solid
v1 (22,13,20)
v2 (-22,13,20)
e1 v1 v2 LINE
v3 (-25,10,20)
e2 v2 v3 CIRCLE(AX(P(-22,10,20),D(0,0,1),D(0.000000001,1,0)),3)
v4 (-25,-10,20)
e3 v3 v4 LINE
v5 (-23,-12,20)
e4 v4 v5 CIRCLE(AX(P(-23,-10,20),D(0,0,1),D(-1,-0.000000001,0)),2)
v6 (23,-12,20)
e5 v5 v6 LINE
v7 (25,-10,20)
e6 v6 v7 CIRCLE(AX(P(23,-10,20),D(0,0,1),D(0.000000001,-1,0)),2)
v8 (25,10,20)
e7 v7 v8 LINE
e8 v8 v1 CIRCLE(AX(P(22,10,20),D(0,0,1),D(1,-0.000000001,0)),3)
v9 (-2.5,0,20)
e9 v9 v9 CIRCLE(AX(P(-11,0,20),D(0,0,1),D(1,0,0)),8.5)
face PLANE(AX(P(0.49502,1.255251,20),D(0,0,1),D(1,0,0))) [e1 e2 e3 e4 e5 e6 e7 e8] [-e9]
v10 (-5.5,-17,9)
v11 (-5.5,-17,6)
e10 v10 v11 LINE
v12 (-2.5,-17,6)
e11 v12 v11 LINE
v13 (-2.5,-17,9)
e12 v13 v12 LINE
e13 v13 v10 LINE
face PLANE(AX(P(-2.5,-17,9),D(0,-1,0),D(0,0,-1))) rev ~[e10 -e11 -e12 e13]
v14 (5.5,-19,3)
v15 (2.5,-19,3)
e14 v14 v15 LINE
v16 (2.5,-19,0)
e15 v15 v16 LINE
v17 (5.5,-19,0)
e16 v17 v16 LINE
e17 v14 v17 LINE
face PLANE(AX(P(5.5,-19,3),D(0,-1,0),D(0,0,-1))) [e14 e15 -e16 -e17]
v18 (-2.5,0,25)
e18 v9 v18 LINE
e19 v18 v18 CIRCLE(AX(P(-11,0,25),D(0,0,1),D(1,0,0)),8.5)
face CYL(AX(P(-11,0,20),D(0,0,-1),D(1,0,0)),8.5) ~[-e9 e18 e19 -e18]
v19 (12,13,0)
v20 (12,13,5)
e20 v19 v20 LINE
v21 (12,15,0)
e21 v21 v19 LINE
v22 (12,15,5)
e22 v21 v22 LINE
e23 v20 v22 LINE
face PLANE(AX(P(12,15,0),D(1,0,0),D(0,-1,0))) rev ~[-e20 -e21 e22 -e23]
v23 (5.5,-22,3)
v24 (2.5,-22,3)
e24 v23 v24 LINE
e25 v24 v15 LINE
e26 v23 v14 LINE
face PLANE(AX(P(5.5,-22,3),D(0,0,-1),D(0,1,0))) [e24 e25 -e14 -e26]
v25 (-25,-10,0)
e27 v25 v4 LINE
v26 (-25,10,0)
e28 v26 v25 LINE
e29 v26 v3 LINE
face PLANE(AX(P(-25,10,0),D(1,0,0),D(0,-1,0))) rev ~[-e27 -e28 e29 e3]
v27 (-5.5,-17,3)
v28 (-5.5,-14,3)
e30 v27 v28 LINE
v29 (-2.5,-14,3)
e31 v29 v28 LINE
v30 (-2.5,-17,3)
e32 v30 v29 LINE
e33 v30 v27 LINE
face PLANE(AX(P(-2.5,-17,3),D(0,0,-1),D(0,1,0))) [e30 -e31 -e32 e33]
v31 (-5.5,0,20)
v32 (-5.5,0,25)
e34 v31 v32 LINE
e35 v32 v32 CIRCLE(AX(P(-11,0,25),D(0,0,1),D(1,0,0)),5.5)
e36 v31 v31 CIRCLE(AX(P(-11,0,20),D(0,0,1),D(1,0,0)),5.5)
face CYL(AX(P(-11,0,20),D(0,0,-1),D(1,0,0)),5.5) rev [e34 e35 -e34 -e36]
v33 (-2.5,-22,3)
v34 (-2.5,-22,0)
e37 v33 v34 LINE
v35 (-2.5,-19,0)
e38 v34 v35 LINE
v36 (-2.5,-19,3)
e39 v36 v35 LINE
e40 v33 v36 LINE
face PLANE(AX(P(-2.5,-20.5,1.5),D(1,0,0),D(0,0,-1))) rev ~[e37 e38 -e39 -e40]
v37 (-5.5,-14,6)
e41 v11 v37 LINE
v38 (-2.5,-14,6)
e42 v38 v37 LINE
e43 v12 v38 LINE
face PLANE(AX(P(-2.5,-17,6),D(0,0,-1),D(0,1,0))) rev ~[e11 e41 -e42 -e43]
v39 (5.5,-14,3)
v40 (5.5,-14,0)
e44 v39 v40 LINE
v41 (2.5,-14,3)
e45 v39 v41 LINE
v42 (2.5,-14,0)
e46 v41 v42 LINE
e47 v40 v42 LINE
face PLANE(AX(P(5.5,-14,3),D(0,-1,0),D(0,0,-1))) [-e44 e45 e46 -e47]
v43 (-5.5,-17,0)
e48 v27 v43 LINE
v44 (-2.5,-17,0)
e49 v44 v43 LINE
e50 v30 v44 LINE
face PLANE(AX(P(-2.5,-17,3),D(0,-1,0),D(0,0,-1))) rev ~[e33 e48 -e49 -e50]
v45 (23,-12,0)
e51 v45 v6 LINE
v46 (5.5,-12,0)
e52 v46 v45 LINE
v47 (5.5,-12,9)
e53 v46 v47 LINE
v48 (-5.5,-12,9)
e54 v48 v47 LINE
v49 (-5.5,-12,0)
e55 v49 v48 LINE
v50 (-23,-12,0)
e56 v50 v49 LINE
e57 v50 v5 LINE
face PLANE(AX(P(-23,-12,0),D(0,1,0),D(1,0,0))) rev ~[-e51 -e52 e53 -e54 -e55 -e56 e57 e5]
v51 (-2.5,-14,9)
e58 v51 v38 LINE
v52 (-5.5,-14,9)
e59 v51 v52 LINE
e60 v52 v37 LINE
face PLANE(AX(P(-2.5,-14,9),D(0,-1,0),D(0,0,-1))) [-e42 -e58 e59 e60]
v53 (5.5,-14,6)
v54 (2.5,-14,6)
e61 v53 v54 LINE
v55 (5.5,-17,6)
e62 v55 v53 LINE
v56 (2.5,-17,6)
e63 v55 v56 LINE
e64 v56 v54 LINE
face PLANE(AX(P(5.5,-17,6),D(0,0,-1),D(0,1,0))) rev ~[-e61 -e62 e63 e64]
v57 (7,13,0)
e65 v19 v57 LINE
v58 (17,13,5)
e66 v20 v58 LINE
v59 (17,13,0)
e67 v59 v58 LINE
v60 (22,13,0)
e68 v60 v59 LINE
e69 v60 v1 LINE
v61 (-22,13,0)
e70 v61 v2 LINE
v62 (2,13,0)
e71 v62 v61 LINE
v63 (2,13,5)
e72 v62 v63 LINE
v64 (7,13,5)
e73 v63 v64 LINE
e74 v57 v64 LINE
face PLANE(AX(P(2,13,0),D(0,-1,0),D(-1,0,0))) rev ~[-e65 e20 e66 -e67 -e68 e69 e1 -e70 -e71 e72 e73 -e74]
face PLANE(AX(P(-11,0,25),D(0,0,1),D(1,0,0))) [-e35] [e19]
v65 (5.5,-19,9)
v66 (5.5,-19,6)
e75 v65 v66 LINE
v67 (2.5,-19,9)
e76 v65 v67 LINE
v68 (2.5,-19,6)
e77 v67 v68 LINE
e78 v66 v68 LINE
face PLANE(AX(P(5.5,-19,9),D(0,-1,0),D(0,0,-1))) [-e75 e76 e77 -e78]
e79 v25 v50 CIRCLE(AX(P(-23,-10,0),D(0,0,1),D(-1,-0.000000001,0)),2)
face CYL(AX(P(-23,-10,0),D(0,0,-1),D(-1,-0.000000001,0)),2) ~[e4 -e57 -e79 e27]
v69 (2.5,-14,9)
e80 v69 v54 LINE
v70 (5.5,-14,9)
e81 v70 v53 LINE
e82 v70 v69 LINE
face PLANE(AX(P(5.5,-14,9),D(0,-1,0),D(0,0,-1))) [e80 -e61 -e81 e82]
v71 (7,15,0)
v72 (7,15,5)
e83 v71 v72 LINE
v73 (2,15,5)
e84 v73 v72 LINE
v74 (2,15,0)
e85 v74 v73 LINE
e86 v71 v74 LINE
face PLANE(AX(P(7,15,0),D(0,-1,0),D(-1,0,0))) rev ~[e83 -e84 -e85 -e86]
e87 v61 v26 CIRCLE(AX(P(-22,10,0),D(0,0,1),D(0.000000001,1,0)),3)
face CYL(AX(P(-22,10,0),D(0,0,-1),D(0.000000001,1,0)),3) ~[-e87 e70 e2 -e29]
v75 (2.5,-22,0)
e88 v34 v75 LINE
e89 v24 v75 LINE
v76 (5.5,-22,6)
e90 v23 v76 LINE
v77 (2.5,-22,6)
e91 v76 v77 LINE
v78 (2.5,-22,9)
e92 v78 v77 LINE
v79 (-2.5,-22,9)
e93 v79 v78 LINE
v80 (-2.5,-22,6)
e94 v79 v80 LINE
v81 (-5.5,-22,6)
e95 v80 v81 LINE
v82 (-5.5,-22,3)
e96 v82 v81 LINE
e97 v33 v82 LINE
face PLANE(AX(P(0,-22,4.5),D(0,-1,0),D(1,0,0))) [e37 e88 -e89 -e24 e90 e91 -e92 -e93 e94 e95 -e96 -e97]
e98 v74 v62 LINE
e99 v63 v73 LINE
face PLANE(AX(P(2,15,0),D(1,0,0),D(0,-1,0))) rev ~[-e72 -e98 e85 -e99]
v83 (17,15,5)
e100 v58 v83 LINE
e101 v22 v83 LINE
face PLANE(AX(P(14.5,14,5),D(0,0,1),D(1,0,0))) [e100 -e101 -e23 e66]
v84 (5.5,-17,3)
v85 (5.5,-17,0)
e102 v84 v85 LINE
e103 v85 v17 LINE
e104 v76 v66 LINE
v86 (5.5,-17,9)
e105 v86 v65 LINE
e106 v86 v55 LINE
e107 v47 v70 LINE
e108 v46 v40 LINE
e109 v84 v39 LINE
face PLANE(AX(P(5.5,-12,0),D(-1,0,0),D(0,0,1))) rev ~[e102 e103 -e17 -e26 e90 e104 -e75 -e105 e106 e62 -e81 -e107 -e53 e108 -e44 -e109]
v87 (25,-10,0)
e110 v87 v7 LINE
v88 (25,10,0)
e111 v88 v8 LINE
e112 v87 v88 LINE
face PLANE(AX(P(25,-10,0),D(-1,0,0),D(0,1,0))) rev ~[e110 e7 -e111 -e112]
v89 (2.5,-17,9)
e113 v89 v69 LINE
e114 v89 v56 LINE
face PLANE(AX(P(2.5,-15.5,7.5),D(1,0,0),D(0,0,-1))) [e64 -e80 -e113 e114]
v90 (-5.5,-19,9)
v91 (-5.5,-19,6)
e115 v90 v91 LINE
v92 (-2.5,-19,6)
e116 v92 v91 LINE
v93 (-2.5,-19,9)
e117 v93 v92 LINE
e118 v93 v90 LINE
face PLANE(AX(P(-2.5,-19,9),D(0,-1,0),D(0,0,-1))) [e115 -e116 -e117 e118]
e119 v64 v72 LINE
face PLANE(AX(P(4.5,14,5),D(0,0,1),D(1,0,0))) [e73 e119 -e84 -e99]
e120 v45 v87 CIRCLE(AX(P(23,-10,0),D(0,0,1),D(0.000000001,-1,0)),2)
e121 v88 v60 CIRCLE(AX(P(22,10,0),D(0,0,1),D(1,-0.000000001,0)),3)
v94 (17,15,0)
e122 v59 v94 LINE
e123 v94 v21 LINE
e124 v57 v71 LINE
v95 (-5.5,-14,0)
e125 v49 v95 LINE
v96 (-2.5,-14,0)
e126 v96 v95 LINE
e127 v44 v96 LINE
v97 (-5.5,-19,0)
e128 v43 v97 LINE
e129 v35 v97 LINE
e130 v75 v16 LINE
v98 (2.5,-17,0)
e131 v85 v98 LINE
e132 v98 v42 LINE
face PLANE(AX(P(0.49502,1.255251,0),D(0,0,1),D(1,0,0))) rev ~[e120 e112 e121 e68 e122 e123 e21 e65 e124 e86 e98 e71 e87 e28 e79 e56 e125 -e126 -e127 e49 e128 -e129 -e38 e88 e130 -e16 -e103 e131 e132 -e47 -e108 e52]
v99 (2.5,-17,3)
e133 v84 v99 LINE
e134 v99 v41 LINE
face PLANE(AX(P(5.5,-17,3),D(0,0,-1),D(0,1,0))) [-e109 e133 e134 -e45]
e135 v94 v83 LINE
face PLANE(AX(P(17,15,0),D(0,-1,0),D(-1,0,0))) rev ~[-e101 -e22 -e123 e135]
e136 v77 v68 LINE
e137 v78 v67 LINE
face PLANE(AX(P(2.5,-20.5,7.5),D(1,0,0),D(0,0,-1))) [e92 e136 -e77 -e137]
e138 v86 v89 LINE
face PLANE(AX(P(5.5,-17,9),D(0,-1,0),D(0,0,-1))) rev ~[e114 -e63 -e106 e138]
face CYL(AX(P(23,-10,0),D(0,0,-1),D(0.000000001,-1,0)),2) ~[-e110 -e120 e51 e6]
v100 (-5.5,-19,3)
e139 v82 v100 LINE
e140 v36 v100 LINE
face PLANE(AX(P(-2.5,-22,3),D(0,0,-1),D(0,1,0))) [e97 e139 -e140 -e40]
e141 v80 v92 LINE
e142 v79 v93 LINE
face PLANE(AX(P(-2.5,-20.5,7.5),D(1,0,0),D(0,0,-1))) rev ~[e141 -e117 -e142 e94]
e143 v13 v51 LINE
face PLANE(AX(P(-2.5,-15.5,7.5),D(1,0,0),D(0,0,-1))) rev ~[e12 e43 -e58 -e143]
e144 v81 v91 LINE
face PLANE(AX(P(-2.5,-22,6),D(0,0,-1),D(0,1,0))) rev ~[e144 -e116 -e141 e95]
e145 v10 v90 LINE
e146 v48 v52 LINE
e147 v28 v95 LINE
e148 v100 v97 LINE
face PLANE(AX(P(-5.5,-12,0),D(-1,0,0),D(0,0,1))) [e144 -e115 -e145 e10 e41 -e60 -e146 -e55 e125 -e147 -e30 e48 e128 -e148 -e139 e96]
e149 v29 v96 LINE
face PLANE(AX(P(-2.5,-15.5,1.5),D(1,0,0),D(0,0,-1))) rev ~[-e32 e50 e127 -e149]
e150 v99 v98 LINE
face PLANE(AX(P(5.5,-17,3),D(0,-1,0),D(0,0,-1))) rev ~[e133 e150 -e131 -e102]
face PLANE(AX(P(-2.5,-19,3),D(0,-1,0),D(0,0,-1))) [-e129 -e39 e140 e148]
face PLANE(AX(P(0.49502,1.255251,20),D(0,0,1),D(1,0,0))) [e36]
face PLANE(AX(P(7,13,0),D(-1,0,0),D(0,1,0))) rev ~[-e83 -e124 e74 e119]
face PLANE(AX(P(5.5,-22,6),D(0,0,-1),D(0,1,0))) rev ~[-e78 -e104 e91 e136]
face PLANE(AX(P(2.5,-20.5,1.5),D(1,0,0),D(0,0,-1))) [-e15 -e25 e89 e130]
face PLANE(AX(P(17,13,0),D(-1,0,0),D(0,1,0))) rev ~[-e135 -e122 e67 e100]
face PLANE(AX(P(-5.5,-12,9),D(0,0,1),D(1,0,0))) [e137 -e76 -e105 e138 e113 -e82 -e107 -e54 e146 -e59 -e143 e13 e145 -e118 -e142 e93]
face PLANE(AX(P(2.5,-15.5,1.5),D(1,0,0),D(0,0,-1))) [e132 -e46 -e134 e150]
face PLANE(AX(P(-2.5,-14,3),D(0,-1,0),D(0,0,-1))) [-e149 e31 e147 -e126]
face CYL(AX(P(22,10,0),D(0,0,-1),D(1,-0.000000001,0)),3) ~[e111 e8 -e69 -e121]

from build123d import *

# Parameters (mm, degrees)
BOSS_EXTRUDE1_DEPTH = 20
SKETCH2_W           = 5
SKETCH2_H           = 2
CUT_EXTRUDE1_DEPTH  = 15
SKETCH3_R           = 8.5
SKETCH3_R_2         = 5.5
BOSS_EXTRUDE2_DEPTH = 5
SKETCH4_W           = 11
SKETCH4_H           = 9
BOSS_EXTRUDE3_DEPTH = 10
SKETCH5_W           = 3
SKETCH5_H           = 3
CUT_EXTRUDE2_DEPTH  = 3
CUT_EXTRUDE3_START  = -8
SKETCH5_2_W         = 3
SKETCH5_2_H         = 3
CUT_EXTRUDE3_DEPTH  = 3


with BuildPart() as part:
    # Sketch1 → Boss-Extrude1 (new body)
    with BuildSketch(Plane.XY):
        with BuildLine():
            Line((-25, 10), (-25, -10))
            ThreePointArc((-25, -10), (-24.414213562, -11.414213562), (-23, -12))
            Line((-23, -12), (23, -12))
            ThreePointArc((23, -12), (24.414213562, -11.414213562), (25, -10))
            Line((25, -10), (25, 10))
            ThreePointArc((25, 10), (24.121320344, 12.121320344), (22, 13))
            Line((22, 13), (17, 13))
            Line((17, 13), (17, 15))
            Line((17, 15), (12, 15))
            Line((12, 15), (12, 13))
            Line((12, 13), (7, 13))
            Line((7, 13), (7, 15))
            Line((7, 15), (2, 15))
            Line((2, 15), (2, 13))
            Line((2, 13), (-22, 13))
            ThreePointArc((-22, 13), (-24.121320344, 12.121320344), (-25, 10))
        make_face()
    extrude(amount=BOSS_EXTRUDE1_DEPTH)

    # Sketch2 → Cut-Extrude1 (cut)
    with BuildSketch(Plane.XY.offset(20)):
        with Locations((4.5, 14)):
            Rectangle(SKETCH2_W, SKETCH2_H)
        with Locations((14.5, 14)):
            Rectangle(SKETCH2_W, SKETCH2_H)
    extrude(amount=-CUT_EXTRUDE1_DEPTH, mode=Mode.SUBTRACT)

    # Sketch3 → Boss-Extrude2 (add)
    with BuildSketch(Plane.XY.offset(20)):
        with Locations((-11, 0)):
            Circle(SKETCH3_R)
        with Locations((-11, 0)):
            Circle(SKETCH3_R_2, mode=Mode.SUBTRACT)
    extrude(amount=BOSS_EXTRUDE2_DEPTH)

    # Sketch4 → Boss-Extrude3 (add)
    with BuildSketch(Plane.XZ.offset(12)):
        with Locations((0, 4.5)):
            Rectangle(SKETCH4_W, SKETCH4_H)
    extrude(amount=BOSS_EXTRUDE3_DEPTH)

    # Sketch5 → Cut-Extrude2 (cut)
    with BuildSketch(Plane(origin=(5.5, 0, 0), x_dir=(0, 0, -1), z_dir=(1, 0, 0))):
        with Locations((-7.5, -20.5)):
            Rectangle(SKETCH5_W, SKETCH5_H)
        with Locations((-1.5, -20.5)):
            Rectangle(SKETCH5_W, SKETCH5_H)
        with Locations((-7.5, -15.5)):
            Rectangle(SKETCH5_W, SKETCH5_H)
        with Locations((-1.5, -15.5)):
            Rectangle(SKETCH5_W, SKETCH5_H)
    extrude(amount=-CUT_EXTRUDE2_DEPTH, mode=Mode.SUBTRACT)

    # Sketch5<2> → Cut-Extrude3 (cut)
    with BuildSketch(Plane(origin=(5.5, 0, 0), x_dir=(0, 0, -1), z_dir=(1, 0, 0)).offset(CUT_EXTRUDE3_START)):
        with Locations((-7.5, -20.5)):
            Rectangle(SKETCH5_2_W, SKETCH5_2_H)
        with Locations((-1.5, -20.5)):
            Rectangle(SKETCH5_2_W, SKETCH5_2_H)
        with Locations((-7.5, -15.5)):
            Rectangle(SKETCH5_2_W, SKETCH5_2_H)
        with Locations((-1.5, -15.5)):
            Rectangle(SKETCH5_2_W, SKETCH5_2_H)
    extrude(amount=-CUT_EXTRUDE3_DEPTH, mode=Mode.SUBTRACT)


solid = part.part
